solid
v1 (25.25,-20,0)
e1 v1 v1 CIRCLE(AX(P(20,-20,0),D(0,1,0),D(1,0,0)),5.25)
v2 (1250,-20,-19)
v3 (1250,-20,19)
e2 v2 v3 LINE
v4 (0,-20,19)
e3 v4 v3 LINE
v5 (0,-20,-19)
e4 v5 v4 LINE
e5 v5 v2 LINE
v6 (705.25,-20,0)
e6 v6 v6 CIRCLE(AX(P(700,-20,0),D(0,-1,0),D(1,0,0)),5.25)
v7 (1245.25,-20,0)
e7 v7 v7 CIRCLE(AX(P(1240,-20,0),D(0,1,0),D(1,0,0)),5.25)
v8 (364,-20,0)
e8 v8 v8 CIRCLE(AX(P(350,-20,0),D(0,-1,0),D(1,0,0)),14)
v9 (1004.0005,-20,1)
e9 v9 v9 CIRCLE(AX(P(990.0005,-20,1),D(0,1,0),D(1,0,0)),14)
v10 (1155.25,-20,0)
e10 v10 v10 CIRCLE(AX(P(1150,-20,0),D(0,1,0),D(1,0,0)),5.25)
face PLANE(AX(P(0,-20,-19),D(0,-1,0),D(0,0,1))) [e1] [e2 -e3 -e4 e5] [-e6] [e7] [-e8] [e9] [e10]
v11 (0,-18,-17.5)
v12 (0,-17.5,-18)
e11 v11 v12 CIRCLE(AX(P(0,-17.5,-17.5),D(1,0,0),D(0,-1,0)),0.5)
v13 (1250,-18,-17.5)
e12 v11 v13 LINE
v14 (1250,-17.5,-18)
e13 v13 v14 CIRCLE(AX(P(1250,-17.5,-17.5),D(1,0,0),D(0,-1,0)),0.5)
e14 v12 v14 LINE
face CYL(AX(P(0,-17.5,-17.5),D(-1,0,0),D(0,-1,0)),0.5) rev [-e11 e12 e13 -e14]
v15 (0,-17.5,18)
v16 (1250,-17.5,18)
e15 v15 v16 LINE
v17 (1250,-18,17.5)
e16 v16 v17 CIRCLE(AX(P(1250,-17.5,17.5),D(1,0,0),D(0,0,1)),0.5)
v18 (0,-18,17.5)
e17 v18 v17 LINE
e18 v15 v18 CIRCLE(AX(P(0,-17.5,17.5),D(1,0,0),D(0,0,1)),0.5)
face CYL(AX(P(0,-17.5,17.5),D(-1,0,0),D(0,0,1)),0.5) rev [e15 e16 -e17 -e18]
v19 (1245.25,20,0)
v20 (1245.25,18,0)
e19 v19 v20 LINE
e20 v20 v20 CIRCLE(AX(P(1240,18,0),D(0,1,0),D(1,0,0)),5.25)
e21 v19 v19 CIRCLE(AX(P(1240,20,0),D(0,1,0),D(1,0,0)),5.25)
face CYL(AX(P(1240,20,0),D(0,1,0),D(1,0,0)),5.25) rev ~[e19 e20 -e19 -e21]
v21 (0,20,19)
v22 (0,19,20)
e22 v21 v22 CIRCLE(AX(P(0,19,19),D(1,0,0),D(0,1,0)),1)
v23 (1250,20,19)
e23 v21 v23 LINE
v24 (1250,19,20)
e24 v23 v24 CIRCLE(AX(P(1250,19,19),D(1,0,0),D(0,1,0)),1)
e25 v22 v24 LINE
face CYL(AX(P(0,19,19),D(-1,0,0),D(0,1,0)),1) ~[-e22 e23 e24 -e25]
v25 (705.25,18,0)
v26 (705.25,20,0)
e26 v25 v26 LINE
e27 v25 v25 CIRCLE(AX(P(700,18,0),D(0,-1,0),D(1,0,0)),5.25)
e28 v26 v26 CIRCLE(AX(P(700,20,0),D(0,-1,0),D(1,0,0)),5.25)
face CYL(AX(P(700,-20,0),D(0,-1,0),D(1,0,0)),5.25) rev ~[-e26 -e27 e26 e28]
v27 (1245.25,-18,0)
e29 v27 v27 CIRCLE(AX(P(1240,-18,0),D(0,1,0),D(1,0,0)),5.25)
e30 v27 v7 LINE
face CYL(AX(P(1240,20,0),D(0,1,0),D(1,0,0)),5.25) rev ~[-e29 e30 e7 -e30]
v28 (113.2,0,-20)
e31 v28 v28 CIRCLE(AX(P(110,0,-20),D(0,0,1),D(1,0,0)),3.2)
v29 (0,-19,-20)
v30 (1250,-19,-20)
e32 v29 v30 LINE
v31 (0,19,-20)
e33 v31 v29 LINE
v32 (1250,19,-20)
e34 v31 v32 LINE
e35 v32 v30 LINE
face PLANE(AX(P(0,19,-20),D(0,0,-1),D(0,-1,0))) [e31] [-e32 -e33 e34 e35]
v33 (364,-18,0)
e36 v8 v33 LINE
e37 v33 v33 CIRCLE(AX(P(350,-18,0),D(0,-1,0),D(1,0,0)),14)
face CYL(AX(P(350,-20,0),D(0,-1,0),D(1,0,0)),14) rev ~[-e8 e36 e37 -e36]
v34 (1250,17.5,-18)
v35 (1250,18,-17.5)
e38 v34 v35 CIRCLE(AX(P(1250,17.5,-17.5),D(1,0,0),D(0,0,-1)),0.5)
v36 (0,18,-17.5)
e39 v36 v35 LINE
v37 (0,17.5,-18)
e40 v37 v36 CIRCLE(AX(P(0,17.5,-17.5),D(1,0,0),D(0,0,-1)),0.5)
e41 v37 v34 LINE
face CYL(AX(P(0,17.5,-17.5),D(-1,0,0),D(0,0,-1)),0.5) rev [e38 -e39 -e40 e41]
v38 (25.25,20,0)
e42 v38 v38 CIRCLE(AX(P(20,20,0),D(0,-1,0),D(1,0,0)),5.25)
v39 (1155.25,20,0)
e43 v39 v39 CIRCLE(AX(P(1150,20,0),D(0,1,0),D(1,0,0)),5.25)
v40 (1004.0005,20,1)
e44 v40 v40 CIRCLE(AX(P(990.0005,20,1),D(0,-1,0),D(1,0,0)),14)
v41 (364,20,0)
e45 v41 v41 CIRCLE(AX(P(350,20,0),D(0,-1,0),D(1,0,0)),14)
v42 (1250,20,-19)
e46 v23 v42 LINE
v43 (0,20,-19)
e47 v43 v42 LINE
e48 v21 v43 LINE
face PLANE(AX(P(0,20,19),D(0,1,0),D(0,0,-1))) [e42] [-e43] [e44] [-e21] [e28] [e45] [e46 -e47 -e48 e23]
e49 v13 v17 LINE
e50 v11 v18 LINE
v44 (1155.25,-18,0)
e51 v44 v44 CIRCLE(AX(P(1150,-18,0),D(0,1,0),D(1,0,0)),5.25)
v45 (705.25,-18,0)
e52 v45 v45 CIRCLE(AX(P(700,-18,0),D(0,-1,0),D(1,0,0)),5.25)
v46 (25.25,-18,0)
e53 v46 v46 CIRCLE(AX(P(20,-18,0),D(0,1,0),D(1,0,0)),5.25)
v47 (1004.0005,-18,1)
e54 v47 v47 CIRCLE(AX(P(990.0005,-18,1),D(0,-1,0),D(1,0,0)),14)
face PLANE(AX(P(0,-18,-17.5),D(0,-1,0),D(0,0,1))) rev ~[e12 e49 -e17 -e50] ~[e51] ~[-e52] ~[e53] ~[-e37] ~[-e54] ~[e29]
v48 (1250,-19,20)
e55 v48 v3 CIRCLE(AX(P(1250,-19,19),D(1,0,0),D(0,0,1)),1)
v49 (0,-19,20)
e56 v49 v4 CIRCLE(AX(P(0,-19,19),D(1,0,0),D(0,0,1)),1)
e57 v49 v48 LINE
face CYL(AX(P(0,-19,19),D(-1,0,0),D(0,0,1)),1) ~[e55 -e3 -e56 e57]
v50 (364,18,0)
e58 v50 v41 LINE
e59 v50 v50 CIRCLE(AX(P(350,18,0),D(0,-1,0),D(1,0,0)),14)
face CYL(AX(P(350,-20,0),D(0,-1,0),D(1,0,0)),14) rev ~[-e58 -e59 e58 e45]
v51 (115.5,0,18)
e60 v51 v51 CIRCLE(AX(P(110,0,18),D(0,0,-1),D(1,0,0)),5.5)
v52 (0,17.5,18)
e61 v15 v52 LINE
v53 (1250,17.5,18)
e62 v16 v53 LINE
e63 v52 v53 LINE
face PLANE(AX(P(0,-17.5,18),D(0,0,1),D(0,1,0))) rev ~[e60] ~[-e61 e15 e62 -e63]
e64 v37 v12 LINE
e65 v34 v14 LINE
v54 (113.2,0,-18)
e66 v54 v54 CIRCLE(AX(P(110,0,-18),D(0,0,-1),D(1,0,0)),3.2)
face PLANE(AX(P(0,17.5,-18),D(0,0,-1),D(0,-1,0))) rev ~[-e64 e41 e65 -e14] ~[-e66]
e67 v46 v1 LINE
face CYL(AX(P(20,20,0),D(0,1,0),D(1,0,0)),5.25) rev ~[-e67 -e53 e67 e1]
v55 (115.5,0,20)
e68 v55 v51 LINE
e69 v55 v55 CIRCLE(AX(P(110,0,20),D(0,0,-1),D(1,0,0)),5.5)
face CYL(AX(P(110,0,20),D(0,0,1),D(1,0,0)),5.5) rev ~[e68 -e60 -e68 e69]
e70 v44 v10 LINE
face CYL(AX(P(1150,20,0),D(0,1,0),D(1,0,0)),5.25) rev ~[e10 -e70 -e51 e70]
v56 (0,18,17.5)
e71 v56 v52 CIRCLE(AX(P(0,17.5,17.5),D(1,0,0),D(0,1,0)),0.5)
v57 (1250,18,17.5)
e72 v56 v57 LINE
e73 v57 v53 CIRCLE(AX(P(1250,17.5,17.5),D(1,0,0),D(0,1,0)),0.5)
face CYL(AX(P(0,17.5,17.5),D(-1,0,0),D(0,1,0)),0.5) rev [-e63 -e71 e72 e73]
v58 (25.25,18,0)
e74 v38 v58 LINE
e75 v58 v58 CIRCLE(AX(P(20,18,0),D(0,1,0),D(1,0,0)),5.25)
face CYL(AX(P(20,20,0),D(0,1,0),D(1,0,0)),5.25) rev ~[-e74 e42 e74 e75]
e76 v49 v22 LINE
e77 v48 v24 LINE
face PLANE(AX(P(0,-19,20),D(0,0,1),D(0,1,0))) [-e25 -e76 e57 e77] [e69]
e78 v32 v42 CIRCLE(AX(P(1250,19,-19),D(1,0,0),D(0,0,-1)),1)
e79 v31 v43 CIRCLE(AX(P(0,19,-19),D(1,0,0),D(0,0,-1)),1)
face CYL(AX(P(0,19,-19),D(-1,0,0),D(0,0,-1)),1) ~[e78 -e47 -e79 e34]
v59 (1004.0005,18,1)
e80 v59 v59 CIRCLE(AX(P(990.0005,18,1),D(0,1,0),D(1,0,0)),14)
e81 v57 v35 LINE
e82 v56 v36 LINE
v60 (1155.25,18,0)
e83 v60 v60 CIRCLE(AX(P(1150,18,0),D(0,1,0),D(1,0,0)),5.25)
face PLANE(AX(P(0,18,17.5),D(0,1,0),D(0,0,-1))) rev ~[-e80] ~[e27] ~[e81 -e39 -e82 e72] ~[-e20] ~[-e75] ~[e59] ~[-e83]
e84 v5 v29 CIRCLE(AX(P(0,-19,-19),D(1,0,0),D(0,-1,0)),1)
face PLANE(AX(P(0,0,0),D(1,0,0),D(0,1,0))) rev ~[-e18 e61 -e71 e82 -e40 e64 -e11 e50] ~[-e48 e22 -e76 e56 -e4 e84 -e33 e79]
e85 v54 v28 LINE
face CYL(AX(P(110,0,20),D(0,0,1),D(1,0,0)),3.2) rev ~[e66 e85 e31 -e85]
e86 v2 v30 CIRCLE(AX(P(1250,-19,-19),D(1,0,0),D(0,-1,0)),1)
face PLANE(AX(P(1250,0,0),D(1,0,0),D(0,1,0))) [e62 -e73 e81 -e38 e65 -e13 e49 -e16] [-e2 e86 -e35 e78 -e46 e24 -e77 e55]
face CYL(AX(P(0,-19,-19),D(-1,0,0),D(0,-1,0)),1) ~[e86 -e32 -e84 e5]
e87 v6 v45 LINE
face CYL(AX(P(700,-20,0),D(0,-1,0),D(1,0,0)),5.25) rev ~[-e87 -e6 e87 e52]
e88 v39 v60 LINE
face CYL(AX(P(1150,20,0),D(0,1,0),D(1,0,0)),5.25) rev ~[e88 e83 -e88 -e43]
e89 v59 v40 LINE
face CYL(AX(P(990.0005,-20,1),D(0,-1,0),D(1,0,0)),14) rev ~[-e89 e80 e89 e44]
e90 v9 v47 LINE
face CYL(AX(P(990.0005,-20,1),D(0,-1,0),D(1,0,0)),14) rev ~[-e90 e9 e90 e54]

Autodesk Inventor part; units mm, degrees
ref_plane "YZ Plane" through (0, 0, 0) normal (1, 0, 0) x (0, 1, 0)
ref_plane "XZ Plane" through (0, 0, 0) normal (0, 1, 0) x (-1, 0, 0)
ref_plane "XY Plane" through (0, 0, 0) normal (0, 0, 1) x (1, 0, 0)
sketch "Skizze1" plane through (0, 0, 0) normal (1, 0, 0) x (0, 1, 0)
  line L0 (-19, 20) -> (19, 20)
  line L1 (20, 19) -> (20, -19)
  line L2 (19, -20) -> (-19, -20)
  line L3 (-20, -19) -> (-20, 19)
  line L4 (-20, 20) -> (20, -20) construction
  line L5 (20, 20) -> (-20, -20) construction
  line L6 (-17.5, 18) -> (17.5, 18)
  line L7 (18, 17.5) -> (18, -17.5)
  line L8 (17.5, -18) -> (-17.5, -18)
  line L9 (-18, -17.5) -> (-18, 17.5)
  line L10 (-18, 18) -> (18, -18) construction
  line L11 (18, 18) -> (-18, -18) construction
  arc A0 (20, 19) -> (19, 20) centre (19, 19) ccw
  arc A1 (-19, 20) -> (-20, 19) centre (-19, 19) ccw
  arc A2 (-20, -19) -> (-19, -20) centre (-19, -19) ccw
  arc A3 (19, -20) -> (20, -19) centre (19, -19) ccw
  arc A4 (18, 17.5) -> (17.5, 18) centre (17.5, 17.5) ccw
  arc A5 (-17.5, 18) -> (-18, 17.5) centre (-17.5, 17.5) ccw
  arc A6 (17.5, -18) -> (18, -17.5) centre (17.5, -17.5) ccw
  arc A7 (-18, -17.5) -> (-17.5, -18) centre (-17.5, -17.5) ccw
  point P0 (0, 0)
  dimension "d0" = 40
  dimension "d1" = 40
  dimension "d2" = 36
  dimension "d3" = 36
  dimension "d4" = 1
  dimension "d5" = 0.5
extrude "Extrusion1" add sketch "Skizze1" along normal blind 1250
sketch "Skizze2" plane through (0, 20, 19) normal (0, 1, 0) x (1, 0, 0)
  line L0 (0, 19) -> (20, 19)
  line L1 (1250, 38) -> (1250, 0) projected
  line L2 (1250, 19) -> (1150, 19)
  circle A0 centre (1150, 19) radius 5.25
  circle A1 centre (20, 19) radius 5.25
  dimension "d9" = 20
  dimension "d10" = 100
  dimension "d11" = 10.5
  dimension "d12" = 10.5
extrude "Extrusion2" cut sketch "Skizze2" against normal blind 1250
sketch "Skizze3" plane through (0, -19, 20) normal (0, 0, 1) x (1, 0, 0)
  line L0 (0, 19) -> (110, 19)
  line L1 (1250, 0) -> (1250, 38) projected
  line L2 (1250, 19) -> (1240, 19)
  circle A0 centre (110, 19) radius 3.2
  dimension "d15" = 110
  dimension "d18" = 6.4
extrude "Extrusion3" cut sketch "Skizze3" against normal blind 1250
sketch "Skizze4" plane through (0, -19, 20) normal (0, 0, 1) x (1, 0, 0)
  line L0 (0, 19) -> (110, 19)
  circle A0 centre (110, 19) radius 5.5
  dimension "d21" = 110
  dimension "d22" = 11
extrude "Extrusion4" cut sketch "Skizze4" against normal blind 2
sketch "Skizze6" plane through (0, -20, -19) normal (0, -1, 0) x (1, 0, 0)
  circle A0 centre (1150, 19) radius 5.25 projected
  line L0 (1150, 19) -> (350, 19)
  circle A1 centre (350, 19) radius 14
  point P0 (0, 19)
  dimension "d31" = 800
  dimension "d32" = 28
extrude "Extrusion6" cut sketch "Skizze6" against normal blind 40 contours A1
sketch "Skizze7" plane through (0, 20, 19) normal (0, 1, 0) x (1, 0, 0)
  line L0 (1250, 38) -> (1250, 0) projected
  line L1 (1250, 19) -> (1240, 19)
  circle A0 centre (1240, 19) radius 5.25
  point P0 (0, 19)
  dimension "d35" = 10
  dimension "d36" = 10.5
extrude "Extrusion7" cut sketch "Skizze7" against normal through all
sketch "Skizze8" plane through (0, -20, -19) normal (0, -1, 0) x (1, 0, 0)
  line L0 (1250, 1.5) -> (1250, 1) projected
  line L1 (1250, 1) -> (990.0005, 1.5)
  line L2 (0, 1.5) -> (1250, 1.5) projected
  line L3 (990.0005, 1.5) -> (970.0005, 1.5)
  line L4 (0, 0) -> (1250, 0) projected
  line L5 (990.0005, 0) -> (970.0005, 0)
  line L6 (990.0005, 0) -> (990.0005, 20)
  circle A0 centre (990.0005, 20) radius 14
  point P0 (0, 19)
  dimension "d39" = 260
  dimension "d40" = 20
  dimension "d41" = 20
  dimension "d42" = 20
  dimension "d43" = 28
extrude "Extrusion8" cut sketch "Skizze8" against normal through all contours A0
sketch "Skizze9" plane through (0, -20, -19) normal (0, -1, 0) x (1, 0, 0)
  line L0 (1250, 1.5) -> (1250, 36.5) projected
  line L1 (1250, 19) -> (700, 19)
  circle A0 centre (700, 19) radius 5.25
  point P0 (0, 19)
  dimension "d46" = 550
  dimension "d47" = 10.5
extrude "Extrusion9" cut sketch "Skizze9" against normal through all
properties part number "Längs_Traverse_vorne" material "Aluminium 6061"
